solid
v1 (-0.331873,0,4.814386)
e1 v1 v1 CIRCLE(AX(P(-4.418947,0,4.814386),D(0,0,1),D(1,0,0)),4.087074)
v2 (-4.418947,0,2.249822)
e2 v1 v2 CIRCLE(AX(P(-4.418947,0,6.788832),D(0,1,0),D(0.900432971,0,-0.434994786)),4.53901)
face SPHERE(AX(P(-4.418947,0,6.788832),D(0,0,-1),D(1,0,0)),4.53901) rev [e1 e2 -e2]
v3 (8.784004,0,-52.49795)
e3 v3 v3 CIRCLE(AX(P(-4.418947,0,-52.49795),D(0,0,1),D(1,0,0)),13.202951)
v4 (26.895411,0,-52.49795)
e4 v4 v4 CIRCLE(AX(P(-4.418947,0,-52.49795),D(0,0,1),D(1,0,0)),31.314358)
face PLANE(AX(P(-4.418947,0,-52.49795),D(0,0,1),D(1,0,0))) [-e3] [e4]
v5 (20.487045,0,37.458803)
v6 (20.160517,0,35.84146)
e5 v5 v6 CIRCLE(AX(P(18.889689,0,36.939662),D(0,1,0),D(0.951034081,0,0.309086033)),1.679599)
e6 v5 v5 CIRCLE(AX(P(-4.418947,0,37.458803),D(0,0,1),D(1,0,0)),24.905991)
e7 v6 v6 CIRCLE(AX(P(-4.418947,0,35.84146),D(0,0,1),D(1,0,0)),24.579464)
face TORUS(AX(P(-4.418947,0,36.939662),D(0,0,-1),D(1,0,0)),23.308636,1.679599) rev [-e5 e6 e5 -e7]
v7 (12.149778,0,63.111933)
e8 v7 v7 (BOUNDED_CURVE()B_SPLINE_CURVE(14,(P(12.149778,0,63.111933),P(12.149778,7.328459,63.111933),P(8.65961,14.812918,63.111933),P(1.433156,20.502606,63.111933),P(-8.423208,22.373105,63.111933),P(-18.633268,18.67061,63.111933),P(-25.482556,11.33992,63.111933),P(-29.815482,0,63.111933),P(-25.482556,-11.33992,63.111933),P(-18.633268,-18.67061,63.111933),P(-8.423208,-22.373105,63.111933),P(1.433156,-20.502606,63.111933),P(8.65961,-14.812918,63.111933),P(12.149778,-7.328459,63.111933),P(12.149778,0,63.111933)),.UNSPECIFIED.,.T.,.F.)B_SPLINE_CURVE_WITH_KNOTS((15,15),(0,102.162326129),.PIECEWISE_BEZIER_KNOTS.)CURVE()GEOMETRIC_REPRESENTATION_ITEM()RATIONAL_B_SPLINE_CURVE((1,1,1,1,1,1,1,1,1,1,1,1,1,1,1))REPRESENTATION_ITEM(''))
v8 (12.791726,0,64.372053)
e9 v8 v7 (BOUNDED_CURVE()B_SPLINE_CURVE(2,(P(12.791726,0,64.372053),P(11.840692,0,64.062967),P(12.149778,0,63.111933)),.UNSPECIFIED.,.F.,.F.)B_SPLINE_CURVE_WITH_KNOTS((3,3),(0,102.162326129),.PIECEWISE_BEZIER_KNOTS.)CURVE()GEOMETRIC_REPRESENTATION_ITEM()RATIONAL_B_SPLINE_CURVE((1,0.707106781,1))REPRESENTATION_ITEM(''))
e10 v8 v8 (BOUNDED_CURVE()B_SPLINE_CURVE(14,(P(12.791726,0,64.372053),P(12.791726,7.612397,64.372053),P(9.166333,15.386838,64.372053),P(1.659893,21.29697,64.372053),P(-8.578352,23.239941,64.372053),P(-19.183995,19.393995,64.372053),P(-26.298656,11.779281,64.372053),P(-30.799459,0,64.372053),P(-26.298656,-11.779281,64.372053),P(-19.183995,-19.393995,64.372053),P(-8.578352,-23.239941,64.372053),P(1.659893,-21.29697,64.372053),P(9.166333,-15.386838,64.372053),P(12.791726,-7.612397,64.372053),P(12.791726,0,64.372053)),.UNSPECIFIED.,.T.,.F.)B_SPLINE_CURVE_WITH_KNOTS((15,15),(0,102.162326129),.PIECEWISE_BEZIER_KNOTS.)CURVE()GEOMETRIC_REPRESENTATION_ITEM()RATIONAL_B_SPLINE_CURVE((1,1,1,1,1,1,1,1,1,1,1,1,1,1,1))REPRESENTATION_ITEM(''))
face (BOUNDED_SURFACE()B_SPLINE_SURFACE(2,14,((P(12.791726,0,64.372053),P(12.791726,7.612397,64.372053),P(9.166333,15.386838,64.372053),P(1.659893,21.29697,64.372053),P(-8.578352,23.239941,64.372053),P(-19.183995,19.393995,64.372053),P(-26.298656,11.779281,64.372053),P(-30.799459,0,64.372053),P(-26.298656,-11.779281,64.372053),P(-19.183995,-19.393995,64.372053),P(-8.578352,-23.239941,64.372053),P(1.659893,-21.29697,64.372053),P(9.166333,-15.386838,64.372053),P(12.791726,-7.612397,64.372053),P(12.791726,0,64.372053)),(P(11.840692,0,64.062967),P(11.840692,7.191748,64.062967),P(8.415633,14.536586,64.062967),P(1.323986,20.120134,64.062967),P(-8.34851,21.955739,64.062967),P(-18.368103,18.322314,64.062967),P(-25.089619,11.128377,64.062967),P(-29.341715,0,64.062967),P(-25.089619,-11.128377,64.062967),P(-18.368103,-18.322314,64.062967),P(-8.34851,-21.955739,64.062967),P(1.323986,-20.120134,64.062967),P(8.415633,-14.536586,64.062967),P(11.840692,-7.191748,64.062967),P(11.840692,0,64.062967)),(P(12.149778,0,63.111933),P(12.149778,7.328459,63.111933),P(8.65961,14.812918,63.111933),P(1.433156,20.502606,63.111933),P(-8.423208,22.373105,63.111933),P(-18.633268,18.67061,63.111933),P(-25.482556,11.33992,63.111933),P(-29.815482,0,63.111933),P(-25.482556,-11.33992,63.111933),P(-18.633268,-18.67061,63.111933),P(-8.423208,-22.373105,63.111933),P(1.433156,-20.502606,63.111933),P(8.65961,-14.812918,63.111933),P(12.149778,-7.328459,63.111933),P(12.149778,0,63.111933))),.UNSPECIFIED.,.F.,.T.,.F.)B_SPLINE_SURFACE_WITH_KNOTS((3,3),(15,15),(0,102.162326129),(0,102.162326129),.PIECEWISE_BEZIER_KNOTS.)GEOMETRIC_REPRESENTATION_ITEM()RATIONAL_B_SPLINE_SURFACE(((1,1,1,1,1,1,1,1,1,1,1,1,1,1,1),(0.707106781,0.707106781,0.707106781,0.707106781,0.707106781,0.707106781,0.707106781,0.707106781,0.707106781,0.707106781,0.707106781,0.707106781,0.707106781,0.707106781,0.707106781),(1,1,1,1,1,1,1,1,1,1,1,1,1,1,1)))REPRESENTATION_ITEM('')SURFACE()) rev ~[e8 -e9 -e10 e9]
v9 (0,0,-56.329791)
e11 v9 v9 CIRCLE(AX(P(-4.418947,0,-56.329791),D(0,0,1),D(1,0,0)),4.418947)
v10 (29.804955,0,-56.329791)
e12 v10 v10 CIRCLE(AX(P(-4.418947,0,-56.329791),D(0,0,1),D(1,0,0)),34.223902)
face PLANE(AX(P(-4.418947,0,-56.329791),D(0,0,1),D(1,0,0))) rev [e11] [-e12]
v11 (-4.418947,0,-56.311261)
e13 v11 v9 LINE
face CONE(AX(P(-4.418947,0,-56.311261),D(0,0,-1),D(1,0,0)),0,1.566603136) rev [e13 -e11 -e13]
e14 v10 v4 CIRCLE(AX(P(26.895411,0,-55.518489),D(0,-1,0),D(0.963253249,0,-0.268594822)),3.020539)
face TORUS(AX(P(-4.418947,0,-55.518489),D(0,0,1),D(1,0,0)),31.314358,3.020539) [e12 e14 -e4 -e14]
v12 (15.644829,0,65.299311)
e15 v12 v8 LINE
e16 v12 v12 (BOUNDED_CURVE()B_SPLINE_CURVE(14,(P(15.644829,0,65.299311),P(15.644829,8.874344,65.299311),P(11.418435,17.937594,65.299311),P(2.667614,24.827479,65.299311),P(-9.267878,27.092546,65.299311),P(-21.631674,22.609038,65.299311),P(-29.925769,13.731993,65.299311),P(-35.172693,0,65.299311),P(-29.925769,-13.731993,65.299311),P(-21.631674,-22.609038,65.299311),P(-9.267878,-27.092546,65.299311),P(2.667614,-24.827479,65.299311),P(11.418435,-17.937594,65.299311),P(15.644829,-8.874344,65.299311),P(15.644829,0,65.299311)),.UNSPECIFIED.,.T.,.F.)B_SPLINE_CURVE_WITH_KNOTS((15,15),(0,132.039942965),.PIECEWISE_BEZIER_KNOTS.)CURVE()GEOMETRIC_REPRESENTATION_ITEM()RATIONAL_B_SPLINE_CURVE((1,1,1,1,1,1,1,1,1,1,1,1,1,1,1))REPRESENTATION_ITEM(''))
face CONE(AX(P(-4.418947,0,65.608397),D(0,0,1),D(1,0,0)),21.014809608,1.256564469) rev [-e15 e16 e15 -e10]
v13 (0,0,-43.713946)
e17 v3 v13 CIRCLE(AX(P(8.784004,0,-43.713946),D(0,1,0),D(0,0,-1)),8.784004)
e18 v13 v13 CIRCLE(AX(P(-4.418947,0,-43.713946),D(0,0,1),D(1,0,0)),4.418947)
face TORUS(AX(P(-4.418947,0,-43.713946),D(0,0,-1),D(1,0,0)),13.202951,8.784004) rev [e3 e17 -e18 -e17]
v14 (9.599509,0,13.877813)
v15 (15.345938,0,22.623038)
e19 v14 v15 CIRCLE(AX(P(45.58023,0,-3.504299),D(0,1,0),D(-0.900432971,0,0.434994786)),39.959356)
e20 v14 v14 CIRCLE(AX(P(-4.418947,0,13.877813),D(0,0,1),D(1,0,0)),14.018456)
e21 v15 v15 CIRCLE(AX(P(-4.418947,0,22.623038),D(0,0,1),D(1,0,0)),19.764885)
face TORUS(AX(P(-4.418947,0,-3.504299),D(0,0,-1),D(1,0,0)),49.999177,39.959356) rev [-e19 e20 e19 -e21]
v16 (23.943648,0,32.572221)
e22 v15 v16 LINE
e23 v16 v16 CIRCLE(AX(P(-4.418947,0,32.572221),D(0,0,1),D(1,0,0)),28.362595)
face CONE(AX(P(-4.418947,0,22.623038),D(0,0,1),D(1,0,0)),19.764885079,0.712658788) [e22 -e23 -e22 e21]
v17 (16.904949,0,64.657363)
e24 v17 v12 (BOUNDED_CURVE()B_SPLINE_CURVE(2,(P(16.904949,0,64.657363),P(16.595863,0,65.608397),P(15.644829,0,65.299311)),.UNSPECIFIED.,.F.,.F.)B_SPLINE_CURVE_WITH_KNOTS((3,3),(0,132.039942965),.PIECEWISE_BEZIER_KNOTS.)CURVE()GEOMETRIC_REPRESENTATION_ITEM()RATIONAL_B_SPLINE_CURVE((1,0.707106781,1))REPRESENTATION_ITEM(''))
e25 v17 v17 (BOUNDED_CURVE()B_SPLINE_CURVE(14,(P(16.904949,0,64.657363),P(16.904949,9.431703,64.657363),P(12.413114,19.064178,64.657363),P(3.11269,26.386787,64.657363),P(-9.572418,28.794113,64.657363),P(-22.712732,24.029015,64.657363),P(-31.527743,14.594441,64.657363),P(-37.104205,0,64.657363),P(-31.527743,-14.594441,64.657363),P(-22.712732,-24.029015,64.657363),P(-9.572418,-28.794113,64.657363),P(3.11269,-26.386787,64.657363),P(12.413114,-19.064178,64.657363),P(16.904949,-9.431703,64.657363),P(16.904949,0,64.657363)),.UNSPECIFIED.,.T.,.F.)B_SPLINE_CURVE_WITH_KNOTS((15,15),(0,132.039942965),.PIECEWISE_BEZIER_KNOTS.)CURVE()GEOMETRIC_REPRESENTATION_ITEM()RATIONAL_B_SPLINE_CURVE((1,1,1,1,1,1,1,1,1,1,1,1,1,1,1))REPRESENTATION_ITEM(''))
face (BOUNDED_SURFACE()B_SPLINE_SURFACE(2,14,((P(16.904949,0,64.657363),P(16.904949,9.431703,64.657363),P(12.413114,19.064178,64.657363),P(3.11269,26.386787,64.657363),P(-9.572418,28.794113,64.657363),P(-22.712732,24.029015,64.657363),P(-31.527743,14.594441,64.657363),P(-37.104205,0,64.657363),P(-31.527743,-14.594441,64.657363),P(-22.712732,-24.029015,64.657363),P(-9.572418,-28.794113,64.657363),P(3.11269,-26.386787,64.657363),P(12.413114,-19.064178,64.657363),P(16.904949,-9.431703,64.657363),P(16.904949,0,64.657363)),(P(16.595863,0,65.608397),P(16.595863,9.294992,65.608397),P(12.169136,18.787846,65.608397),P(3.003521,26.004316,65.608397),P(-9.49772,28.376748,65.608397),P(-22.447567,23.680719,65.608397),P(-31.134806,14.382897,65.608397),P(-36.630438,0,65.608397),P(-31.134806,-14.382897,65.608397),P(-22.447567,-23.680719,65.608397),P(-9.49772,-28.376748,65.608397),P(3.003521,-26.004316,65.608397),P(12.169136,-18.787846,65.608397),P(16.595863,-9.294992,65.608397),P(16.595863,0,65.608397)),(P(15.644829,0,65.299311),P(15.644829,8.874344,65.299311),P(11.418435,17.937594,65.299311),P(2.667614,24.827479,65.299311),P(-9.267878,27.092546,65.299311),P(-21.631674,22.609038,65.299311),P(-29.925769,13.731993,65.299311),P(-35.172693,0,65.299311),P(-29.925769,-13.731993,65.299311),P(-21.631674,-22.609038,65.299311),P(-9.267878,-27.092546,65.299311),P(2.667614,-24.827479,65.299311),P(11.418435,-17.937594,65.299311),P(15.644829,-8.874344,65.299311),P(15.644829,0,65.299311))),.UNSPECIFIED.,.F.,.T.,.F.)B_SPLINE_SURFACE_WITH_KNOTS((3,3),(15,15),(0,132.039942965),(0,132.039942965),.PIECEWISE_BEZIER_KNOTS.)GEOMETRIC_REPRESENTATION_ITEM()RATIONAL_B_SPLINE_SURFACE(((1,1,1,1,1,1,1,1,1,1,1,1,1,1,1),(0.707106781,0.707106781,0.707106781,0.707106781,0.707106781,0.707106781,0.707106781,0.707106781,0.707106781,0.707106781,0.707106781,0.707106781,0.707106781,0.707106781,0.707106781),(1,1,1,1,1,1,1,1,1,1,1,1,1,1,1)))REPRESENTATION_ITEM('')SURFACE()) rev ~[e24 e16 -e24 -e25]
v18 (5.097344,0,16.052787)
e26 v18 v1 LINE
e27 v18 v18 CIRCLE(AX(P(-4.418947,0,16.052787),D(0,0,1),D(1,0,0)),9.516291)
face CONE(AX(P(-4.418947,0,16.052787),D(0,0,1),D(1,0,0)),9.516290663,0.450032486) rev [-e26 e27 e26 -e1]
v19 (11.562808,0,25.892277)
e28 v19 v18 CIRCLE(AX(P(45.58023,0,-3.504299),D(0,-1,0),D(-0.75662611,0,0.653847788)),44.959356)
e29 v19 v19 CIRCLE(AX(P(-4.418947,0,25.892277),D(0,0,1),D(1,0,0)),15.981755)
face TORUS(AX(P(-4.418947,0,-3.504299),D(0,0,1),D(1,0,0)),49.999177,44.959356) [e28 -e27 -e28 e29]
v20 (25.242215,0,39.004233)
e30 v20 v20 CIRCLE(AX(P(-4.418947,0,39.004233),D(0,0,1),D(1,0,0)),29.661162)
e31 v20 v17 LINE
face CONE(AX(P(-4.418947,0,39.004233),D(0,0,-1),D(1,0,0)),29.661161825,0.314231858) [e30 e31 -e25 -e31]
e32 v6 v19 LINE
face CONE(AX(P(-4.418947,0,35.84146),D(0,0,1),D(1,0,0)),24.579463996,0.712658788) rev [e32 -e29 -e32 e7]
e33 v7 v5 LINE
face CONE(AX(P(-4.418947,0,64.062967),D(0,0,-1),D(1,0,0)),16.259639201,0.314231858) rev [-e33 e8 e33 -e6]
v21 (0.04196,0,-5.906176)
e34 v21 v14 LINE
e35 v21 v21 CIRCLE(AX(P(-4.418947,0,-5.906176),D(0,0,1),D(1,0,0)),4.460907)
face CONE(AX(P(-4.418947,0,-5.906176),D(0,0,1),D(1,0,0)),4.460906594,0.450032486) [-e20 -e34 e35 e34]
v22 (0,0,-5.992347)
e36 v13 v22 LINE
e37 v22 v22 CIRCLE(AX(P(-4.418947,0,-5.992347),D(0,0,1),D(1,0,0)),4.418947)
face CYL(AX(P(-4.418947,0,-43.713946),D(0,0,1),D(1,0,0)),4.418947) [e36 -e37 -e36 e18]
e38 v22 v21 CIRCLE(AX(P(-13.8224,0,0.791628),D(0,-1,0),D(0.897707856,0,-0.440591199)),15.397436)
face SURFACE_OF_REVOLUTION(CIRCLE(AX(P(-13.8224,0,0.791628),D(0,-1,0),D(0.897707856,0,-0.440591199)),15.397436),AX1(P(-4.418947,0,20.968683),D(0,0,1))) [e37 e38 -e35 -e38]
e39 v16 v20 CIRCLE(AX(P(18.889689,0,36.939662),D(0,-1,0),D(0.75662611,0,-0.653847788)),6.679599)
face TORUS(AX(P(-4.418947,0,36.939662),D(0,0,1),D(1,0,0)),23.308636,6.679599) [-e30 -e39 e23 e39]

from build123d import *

# Parameters (mm, degrees)
F2_R = 1


with BuildPart() as f1:
    # F0 (on Front) → F1 (revolve)
    with BuildSketch(Plane.XZ):
        with BuildLine():
            Line((25.2422150224, 39.0042327344), (16.5958628058, 65.6083971262))
            Line((16.5958628058, 65.6083971262), (11.8406923986, 64.0629669602))
            Line((11.8406923986, 64.0629669602), (20.4870446152, 37.4588025685))
            ThreePointArc((20.4870446152, 37.4588025685), (20.5360695106, 36.6072720351), (20.1605171937, 35.8414599518))
            Line((20.1605171937, 35.8414599518), (11.5628077276, 25.8922766963))
            ThreePointArc((11.5628077276, 25.8922766963), (8.0065972367, 21.1850873232), (5.0973438607, 16.0527867041))
            Line((5.0973438607, 16.0527867041), (-0.331872701, 4.8143862549))
            ThreePointArc((-0.331872701, 4.8143862549), (-2.0064188585, 2.944053704), (-4.4189468026, 2.2498220399))
            Line((-4.4189468026, 2.2498220399), (-4.4189468026, -56.3112609088))
            Line((-4.4189468026, -56.3112609088), (0, -56.3297905028))
            Line((0, -56.3297905028), (29.8049554543, -56.3297905028))
            ThreePointArc((29.8049554543, -56.3297905028), (29.3010529784, -53.6918681662), (26.8954113126, -52.4979501897))
            Line((26.8954113126, -52.4979501897), (8.7840042943, -52.4979501897))
            ThreePointArc((8.7840042943, -52.4979501897), (2.5727752918, -49.9251748979), (0, -43.7139458954))
            Line((0, -43.7139458954), (0, -5.9923469089))
            ThreePointArc((0, -5.9923469089), (0.0210469434, -5.9492943457), (0.0419597916, -5.9061764862))
            Line((0.0419597916, -5.9061764862), (9.5995087177, 13.877812773))
            ThreePointArc((9.5995087177, 13.877812773), (12.1852194937, 18.4393422452), (15.3459382761, 22.6230377554))
            Line((15.3459382761, 22.6230377554), (23.9436477423, 32.5722210109))
            ThreePointArc((23.9436477423, 32.5722210109), (25.4371821858, 35.617779971), (25.2422150224, 39.0042327344))
        make_face()
    revolve(axis=Axis((-4.4189468026, 0, 20.968683064), (0, 0, 1)))

    # F2
    f2_edges = [f1.edges().sort_by_distance(p)[0] for p in [
        (-25.433756, 0, 65.608397),
        (-20.678586, 0, 64.062967),
    ]]
    fillet(f2_edges, radius=F2_R)


solid = f1.part
